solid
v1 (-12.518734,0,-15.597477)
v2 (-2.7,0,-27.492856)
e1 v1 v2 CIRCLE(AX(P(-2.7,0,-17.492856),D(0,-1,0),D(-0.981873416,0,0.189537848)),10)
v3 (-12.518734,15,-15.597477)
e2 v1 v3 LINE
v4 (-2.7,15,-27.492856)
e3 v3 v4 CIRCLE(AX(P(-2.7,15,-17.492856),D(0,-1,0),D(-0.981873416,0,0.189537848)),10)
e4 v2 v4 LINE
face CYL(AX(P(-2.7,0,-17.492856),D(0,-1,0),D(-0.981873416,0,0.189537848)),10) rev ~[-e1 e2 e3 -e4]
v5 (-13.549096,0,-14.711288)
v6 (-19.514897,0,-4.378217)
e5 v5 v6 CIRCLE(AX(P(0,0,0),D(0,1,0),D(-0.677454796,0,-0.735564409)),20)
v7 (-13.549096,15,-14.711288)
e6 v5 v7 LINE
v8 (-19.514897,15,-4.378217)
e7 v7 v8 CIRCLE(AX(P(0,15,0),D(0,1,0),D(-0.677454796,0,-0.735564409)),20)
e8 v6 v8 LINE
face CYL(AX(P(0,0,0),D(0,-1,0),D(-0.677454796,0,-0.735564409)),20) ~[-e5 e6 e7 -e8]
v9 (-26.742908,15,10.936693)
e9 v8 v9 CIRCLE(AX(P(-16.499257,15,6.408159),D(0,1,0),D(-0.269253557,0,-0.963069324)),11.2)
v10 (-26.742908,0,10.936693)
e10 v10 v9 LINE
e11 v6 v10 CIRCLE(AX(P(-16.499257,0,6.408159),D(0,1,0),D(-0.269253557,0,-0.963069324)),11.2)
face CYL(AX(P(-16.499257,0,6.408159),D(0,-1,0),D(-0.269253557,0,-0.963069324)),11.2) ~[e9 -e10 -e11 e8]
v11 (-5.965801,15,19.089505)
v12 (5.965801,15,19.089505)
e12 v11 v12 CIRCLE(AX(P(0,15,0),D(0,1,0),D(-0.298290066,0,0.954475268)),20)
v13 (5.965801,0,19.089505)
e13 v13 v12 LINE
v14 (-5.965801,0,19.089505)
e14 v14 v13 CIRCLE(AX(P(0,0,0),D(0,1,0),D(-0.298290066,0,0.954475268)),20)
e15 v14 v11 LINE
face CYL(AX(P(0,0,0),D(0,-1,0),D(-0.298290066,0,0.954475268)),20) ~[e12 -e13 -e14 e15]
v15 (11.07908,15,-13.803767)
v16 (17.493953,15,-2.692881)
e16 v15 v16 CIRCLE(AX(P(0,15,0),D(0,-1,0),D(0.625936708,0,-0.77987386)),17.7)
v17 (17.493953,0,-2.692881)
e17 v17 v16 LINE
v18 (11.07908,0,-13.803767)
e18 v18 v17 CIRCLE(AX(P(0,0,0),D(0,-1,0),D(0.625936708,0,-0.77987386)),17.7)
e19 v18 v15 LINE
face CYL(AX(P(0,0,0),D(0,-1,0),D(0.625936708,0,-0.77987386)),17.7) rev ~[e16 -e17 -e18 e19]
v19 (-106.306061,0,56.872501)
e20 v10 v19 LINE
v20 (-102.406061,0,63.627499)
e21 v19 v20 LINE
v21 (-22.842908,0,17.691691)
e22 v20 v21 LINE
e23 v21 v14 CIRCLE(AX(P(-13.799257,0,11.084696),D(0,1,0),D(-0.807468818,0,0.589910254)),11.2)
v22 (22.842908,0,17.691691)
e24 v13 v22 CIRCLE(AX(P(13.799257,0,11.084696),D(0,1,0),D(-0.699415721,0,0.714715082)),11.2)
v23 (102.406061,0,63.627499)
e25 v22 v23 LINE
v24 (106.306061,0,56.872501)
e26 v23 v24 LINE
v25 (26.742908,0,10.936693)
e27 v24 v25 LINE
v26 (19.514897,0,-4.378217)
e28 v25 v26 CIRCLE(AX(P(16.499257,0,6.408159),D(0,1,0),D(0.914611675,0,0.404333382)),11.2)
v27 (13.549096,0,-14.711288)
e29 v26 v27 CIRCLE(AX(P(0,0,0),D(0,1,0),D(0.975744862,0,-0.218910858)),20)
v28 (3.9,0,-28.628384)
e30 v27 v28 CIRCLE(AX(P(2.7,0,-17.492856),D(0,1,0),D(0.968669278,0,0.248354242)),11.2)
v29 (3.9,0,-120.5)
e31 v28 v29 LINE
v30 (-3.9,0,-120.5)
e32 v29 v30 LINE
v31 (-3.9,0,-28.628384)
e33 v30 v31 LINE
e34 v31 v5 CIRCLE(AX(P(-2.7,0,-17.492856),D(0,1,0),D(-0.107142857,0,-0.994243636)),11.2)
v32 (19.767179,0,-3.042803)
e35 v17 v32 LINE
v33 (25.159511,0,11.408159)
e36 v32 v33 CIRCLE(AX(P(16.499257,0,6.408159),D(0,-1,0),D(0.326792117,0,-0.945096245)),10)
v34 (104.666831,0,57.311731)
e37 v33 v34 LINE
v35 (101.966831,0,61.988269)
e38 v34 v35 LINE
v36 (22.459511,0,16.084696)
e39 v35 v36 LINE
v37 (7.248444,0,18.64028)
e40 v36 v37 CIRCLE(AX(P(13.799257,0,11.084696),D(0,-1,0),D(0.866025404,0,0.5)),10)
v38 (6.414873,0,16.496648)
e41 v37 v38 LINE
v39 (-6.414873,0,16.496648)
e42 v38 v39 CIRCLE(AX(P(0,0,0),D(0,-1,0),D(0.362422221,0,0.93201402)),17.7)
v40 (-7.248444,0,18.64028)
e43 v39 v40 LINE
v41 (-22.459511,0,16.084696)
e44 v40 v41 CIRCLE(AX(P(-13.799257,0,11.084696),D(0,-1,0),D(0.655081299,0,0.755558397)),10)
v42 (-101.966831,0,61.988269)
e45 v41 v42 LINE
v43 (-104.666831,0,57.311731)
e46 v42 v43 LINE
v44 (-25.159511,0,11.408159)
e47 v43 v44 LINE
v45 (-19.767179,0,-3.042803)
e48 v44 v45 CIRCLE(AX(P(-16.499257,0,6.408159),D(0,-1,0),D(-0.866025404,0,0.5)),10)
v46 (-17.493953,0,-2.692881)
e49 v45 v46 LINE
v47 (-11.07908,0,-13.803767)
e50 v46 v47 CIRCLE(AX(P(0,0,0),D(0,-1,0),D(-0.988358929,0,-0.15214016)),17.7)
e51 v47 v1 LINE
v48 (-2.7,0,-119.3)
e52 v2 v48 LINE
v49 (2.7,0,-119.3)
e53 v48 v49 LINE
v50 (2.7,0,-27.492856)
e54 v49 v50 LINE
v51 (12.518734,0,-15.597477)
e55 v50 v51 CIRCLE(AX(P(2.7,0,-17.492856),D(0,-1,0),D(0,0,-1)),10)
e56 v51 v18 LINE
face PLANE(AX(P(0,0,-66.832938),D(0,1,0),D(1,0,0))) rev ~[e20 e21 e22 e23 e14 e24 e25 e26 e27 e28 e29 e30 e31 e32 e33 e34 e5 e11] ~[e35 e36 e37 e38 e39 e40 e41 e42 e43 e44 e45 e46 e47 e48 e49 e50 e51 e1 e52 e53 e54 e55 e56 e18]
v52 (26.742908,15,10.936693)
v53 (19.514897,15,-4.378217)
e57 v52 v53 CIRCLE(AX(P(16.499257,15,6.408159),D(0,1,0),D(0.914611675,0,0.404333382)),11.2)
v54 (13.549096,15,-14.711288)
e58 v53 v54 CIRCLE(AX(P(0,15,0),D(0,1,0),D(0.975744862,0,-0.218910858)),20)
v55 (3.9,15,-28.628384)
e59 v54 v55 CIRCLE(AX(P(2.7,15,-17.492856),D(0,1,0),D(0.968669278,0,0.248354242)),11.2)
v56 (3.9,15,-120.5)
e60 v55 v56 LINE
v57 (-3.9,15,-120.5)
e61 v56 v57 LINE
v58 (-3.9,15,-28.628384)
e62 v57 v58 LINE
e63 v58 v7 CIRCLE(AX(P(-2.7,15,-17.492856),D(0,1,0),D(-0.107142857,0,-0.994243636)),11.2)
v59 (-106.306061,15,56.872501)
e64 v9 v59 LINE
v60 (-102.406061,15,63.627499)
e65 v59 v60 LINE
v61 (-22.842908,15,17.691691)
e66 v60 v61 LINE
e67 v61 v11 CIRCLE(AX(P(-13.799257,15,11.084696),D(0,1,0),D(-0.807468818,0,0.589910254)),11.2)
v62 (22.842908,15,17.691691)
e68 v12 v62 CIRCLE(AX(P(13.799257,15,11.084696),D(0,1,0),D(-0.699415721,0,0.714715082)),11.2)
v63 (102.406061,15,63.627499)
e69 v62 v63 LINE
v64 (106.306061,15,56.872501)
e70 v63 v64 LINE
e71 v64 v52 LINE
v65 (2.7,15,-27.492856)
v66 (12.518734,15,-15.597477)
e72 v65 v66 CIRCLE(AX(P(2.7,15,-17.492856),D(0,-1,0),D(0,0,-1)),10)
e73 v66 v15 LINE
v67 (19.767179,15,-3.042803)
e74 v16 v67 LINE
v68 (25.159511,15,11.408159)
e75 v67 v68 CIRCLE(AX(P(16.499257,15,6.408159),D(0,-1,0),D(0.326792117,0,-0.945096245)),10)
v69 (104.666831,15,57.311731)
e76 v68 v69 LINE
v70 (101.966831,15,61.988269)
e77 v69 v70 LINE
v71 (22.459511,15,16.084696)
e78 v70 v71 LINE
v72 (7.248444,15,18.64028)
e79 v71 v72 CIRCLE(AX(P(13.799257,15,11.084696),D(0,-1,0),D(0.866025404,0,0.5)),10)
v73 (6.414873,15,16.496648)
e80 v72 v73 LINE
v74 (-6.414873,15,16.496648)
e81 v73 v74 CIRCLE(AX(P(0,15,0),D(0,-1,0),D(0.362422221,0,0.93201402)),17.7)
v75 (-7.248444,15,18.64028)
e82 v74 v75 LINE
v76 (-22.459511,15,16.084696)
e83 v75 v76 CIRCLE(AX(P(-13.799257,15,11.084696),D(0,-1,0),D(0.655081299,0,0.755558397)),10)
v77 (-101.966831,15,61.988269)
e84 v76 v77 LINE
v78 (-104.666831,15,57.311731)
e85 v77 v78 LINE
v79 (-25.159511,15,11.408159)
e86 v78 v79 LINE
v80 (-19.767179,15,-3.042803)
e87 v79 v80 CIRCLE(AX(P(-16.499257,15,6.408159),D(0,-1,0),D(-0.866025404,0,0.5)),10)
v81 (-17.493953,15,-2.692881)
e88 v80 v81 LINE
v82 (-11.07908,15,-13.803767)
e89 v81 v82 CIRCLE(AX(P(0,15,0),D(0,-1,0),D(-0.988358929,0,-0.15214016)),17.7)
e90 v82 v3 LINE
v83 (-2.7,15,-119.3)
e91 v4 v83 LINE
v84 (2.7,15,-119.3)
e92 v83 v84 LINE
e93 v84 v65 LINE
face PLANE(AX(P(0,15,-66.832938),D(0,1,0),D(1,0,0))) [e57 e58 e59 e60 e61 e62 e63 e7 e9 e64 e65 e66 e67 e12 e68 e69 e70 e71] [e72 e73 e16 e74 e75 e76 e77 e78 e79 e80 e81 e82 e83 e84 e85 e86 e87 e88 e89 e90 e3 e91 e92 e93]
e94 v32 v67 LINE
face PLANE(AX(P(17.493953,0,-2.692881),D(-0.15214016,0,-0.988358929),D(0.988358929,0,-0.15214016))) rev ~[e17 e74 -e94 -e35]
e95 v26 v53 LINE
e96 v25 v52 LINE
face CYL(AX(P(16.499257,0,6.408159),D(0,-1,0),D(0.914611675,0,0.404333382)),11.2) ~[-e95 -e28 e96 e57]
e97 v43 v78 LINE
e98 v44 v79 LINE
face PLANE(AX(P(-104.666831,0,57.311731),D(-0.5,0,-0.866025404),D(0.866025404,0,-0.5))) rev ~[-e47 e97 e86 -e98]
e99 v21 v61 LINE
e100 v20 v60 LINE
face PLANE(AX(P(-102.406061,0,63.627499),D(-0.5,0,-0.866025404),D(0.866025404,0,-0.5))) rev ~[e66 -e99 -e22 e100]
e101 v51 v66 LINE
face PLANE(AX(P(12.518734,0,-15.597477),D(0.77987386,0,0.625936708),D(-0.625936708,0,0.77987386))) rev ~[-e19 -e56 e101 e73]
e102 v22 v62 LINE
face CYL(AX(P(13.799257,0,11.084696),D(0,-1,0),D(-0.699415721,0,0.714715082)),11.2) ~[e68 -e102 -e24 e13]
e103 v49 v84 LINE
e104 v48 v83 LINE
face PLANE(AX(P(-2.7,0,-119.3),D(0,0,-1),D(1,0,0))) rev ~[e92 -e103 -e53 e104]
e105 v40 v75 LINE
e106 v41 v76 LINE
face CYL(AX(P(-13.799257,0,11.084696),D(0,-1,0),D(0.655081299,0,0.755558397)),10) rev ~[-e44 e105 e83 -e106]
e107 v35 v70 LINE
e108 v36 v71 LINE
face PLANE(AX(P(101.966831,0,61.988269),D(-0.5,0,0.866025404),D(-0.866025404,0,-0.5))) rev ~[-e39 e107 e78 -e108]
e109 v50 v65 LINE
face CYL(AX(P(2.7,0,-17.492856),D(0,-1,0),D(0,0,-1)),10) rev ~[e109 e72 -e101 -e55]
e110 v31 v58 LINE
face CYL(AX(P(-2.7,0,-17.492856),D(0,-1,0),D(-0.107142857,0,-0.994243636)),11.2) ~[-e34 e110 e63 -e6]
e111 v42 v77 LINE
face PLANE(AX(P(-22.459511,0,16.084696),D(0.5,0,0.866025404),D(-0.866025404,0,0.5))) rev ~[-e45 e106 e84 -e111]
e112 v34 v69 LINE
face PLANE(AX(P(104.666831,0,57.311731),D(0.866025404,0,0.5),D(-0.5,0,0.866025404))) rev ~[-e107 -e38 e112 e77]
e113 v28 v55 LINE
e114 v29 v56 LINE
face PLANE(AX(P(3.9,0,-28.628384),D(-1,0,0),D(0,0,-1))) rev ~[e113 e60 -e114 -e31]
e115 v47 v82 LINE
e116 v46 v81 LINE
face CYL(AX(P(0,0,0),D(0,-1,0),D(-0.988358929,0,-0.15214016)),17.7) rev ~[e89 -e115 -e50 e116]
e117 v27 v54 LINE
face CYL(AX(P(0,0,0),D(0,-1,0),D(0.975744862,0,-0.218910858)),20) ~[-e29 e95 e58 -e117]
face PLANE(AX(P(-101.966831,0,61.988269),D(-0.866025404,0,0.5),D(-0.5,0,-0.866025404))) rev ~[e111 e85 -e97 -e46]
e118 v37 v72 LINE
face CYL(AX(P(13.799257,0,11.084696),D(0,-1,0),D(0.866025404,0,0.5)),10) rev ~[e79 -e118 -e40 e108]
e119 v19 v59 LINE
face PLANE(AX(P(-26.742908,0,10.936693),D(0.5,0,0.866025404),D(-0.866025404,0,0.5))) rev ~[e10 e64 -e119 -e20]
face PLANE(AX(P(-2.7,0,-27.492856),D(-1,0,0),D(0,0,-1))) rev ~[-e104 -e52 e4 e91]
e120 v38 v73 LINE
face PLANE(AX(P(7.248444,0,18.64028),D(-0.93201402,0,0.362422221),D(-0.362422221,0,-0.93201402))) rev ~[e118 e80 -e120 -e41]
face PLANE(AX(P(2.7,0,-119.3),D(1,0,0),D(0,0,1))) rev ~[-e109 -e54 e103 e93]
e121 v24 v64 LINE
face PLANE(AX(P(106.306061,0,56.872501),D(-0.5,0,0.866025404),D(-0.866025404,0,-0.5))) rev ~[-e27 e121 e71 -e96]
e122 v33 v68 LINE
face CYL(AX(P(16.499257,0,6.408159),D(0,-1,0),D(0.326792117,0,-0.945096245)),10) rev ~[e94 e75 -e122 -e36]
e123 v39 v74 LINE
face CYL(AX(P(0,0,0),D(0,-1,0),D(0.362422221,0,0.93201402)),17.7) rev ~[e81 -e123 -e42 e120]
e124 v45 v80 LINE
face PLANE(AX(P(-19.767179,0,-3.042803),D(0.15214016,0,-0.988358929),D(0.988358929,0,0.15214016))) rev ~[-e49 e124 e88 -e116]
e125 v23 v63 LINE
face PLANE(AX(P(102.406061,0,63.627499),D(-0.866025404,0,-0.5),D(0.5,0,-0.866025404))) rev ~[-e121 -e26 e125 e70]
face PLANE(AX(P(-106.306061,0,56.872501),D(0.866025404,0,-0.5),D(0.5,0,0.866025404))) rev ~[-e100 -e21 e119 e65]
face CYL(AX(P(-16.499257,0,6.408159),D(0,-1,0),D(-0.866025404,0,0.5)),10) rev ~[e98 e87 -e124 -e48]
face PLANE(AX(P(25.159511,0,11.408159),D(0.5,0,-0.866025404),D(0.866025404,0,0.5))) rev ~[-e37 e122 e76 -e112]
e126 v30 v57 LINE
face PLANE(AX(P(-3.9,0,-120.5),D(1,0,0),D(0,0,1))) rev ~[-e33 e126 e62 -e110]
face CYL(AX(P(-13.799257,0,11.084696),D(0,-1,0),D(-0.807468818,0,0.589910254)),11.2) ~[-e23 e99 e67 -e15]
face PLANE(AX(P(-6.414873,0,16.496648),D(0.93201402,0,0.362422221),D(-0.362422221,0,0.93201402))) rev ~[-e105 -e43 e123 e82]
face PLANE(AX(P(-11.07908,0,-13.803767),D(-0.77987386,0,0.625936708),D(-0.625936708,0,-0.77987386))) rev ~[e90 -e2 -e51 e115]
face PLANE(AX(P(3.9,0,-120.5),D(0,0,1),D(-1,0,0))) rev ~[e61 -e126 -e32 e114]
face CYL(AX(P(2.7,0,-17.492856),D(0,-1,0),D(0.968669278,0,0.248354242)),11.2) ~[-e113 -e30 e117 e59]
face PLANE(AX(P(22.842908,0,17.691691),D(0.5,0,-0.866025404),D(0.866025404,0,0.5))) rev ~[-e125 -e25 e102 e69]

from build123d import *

# Parameters (mm, degrees)
BOSS_EXTRUDE1_DEPTH = 15


with BuildPart() as part:
    # Sketch1 → Boss-Extrude1 (new body)
    with BuildSketch(Plane(origin=(0, 0, 0), x_dir=(1, 0, 0), z_dir=(0, 1, 0))):
        with BuildLine():
            ThreePointArc((12.518734156, 15.597477204), (13.041444472, 15.163137079), (13.549095916, 14.711288178))
            ThreePointArc((13.549095916, 14.711288178), (11.904160472, 23.874346891), (3.9, 28.62838441))
            Line((3.9, 28.62838441), (3.9, 120.5))
            Line((3.9, 120.5), (0, 120.5))
            Line((0, 120.5), (-3.9, 120.5))
            Line((-3.9, 120.5), (-3.9, 28.62838441))
            ThreePointArc((-3.9, 28.62838441), (-11.904160472, 23.874346891), (-13.549095916, 14.711288178))
            ThreePointArc((-13.549095916, 14.711288178), (-13.041444472, 15.163137079), (-12.518734156, 15.597477204))
            ThreePointArc((-12.518734156, 15.597477204), (-10.412126322, 23.858631961), (-2.7, 27.492855685))
            Line((-2.7, 27.492855685), (-2.7, 119.3))
            Line((-2.7, 119.3), (2.7, 119.3))
            Line((2.7, 119.3), (2.7, 27.492855685))
            ThreePointArc((2.7, 27.492855685), (10.412126322, 23.858631961), (12.518734156, 15.597477204))
        make_face()
        with BuildLine():
            ThreePointArc((-17.493953036, 2.692880832), (-15.328649647, 8.85), (-11.079079728, 13.803767326))
            Line((-11.079079728, 13.803767326), (-12.518734156, 15.597477204))
            ThreePointArc((-12.518734156, 15.597477204), (-13.041444472, 15.163137079), (-13.549095916, 14.711288178))
            ThreePointArc((-13.549095916, 14.711288178), (-17.320508076, 10), (-19.514897242, 4.378217173))
            ThreePointArc((-19.514897242, 4.378217173), (-19.652384148, 3.712653675), (-19.767178572, 3.0428032))
            Line((-19.767178572, 3.0428032), (-17.493953036, 2.692880832))
        make_face()
        with BuildLine():
            ThreePointArc((-22.842908169, -17.69169128), (-14.72371067, -22.246478824), (-5.965801326, -19.089505351))
            ThreePointArc((-5.965801326, -19.089505351), (-6.610939676, -18.875790754), (-7.248444416, -18.640280404))
            ThreePointArc((-7.248444416, -18.640280404), (-15.456118217, -20.946481882), (-22.459511445, -16.084696432))
            Line((-22.459511445, -16.084696432), (-101.966830671, -61.98826859))
            Line((-101.966830671, -61.98826859), (-104.666830671, -57.31173141))
            Line((-104.666830671, -57.31173141), (-25.159511445, -11.408159252))
            ThreePointArc((-25.159511445, -11.408159252), (-25.868244538, -2.912150078), (-19.767178572, 3.0428032))
            ThreePointArc((-19.767178572, 3.0428032), (-19.652384148, 3.712653675), (-19.514897242, 4.378217173))
            ThreePointArc((-19.514897242, 4.378217173), (-26.627871142, -1.627868066), (-26.742908169, -10.93669313))
            Line((-26.742908169, -10.93669313), (-106.306061156, -56.872500925))
            Line((-106.306061156, -56.872500925), (-104.356061156, -60.25))
            Line((-104.356061156, -60.25), (-102.406061156, -63.627499075))
            Line((-102.406061156, -63.627499075), (-22.842908169, -17.69169128))
        make_face()
        with BuildLine():
            Line((17.493953036, 2.692880832), (19.767178572, 3.0428032))
            ThreePointArc((19.767178572, 3.0428032), (19.652384148, 3.712653675), (19.514897242, 4.378217173))
            ThreePointArc((19.514897242, 4.378217173), (17.320508076, 10), (13.549095916, 14.711288178))
            ThreePointArc((13.549095916, 14.711288178), (13.041444472, 15.163137079), (12.518734156, 15.597477204))
            Line((12.518734156, 15.597477204), (11.079079728, 13.803767326))
            ThreePointArc((11.079079728, 13.803767326), (15.328649647, 8.85), (17.493953036, 2.692880832))
        make_face()
        with BuildLine():
            ThreePointArc((5.965801326, -19.089505351), (6.610939676, -18.875790754), (7.248444416, -18.640280404))
            Line((7.248444416, -18.640280404), (6.414873308, -16.496648158))
            ThreePointArc((6.414873308, -16.496648158), (0, -17.7), (-6.414873308, -16.496648158))
            Line((-6.414873308, -16.496648158), (-7.248444416, -18.640280404))
            ThreePointArc((-7.248444416, -18.640280404), (-6.610939676, -18.875790754), (-5.965801326, -19.089505351))
            ThreePointArc((-5.965801326, -19.089505351), (0, -20), (5.965801326, -19.089505351))
        make_face()
        with BuildLine():
            ThreePointArc((19.767178572, 3.0428032), (25.868244538, -2.912150078), (25.159511445, -11.408159252))
            Line((25.159511445, -11.408159252), (104.666830671, -57.31173141))
            Line((104.666830671, -57.31173141), (101.966830671, -61.98826859))
            Line((101.966830671, -61.98826859), (22.459511445, -16.084696432))
            ThreePointArc((22.459511445, -16.084696432), (15.456118217, -20.946481882), (7.248444416, -18.640280404))
            ThreePointArc((7.248444416, -18.640280404), (6.610939676, -18.875790754), (5.965801326, -19.089505351))
            ThreePointArc((5.965801326, -19.089505351), (14.72371067, -22.246478824), (22.842908169, -17.69169128))
            Line((22.842908169, -17.69169128), (102.406061156, -63.627499075))
            Line((102.406061156, -63.627499075), (104.356061156, -60.25))
            Line((104.356061156, -60.25), (106.306061156, -56.872500925))
            Line((106.306061156, -56.872500925), (26.742908169, -10.93669313))
            ThreePointArc((26.742908169, -10.93669313), (26.627871142, -1.627868066), (19.514897242, 4.378217173))
            ThreePointArc((19.514897242, 4.378217173), (19.652384148, 3.712653675), (19.767178572, 3.0428032))
        make_face()
    extrude(amount=BOSS_EXTRUDE1_DEPTH)


solid = part.part
